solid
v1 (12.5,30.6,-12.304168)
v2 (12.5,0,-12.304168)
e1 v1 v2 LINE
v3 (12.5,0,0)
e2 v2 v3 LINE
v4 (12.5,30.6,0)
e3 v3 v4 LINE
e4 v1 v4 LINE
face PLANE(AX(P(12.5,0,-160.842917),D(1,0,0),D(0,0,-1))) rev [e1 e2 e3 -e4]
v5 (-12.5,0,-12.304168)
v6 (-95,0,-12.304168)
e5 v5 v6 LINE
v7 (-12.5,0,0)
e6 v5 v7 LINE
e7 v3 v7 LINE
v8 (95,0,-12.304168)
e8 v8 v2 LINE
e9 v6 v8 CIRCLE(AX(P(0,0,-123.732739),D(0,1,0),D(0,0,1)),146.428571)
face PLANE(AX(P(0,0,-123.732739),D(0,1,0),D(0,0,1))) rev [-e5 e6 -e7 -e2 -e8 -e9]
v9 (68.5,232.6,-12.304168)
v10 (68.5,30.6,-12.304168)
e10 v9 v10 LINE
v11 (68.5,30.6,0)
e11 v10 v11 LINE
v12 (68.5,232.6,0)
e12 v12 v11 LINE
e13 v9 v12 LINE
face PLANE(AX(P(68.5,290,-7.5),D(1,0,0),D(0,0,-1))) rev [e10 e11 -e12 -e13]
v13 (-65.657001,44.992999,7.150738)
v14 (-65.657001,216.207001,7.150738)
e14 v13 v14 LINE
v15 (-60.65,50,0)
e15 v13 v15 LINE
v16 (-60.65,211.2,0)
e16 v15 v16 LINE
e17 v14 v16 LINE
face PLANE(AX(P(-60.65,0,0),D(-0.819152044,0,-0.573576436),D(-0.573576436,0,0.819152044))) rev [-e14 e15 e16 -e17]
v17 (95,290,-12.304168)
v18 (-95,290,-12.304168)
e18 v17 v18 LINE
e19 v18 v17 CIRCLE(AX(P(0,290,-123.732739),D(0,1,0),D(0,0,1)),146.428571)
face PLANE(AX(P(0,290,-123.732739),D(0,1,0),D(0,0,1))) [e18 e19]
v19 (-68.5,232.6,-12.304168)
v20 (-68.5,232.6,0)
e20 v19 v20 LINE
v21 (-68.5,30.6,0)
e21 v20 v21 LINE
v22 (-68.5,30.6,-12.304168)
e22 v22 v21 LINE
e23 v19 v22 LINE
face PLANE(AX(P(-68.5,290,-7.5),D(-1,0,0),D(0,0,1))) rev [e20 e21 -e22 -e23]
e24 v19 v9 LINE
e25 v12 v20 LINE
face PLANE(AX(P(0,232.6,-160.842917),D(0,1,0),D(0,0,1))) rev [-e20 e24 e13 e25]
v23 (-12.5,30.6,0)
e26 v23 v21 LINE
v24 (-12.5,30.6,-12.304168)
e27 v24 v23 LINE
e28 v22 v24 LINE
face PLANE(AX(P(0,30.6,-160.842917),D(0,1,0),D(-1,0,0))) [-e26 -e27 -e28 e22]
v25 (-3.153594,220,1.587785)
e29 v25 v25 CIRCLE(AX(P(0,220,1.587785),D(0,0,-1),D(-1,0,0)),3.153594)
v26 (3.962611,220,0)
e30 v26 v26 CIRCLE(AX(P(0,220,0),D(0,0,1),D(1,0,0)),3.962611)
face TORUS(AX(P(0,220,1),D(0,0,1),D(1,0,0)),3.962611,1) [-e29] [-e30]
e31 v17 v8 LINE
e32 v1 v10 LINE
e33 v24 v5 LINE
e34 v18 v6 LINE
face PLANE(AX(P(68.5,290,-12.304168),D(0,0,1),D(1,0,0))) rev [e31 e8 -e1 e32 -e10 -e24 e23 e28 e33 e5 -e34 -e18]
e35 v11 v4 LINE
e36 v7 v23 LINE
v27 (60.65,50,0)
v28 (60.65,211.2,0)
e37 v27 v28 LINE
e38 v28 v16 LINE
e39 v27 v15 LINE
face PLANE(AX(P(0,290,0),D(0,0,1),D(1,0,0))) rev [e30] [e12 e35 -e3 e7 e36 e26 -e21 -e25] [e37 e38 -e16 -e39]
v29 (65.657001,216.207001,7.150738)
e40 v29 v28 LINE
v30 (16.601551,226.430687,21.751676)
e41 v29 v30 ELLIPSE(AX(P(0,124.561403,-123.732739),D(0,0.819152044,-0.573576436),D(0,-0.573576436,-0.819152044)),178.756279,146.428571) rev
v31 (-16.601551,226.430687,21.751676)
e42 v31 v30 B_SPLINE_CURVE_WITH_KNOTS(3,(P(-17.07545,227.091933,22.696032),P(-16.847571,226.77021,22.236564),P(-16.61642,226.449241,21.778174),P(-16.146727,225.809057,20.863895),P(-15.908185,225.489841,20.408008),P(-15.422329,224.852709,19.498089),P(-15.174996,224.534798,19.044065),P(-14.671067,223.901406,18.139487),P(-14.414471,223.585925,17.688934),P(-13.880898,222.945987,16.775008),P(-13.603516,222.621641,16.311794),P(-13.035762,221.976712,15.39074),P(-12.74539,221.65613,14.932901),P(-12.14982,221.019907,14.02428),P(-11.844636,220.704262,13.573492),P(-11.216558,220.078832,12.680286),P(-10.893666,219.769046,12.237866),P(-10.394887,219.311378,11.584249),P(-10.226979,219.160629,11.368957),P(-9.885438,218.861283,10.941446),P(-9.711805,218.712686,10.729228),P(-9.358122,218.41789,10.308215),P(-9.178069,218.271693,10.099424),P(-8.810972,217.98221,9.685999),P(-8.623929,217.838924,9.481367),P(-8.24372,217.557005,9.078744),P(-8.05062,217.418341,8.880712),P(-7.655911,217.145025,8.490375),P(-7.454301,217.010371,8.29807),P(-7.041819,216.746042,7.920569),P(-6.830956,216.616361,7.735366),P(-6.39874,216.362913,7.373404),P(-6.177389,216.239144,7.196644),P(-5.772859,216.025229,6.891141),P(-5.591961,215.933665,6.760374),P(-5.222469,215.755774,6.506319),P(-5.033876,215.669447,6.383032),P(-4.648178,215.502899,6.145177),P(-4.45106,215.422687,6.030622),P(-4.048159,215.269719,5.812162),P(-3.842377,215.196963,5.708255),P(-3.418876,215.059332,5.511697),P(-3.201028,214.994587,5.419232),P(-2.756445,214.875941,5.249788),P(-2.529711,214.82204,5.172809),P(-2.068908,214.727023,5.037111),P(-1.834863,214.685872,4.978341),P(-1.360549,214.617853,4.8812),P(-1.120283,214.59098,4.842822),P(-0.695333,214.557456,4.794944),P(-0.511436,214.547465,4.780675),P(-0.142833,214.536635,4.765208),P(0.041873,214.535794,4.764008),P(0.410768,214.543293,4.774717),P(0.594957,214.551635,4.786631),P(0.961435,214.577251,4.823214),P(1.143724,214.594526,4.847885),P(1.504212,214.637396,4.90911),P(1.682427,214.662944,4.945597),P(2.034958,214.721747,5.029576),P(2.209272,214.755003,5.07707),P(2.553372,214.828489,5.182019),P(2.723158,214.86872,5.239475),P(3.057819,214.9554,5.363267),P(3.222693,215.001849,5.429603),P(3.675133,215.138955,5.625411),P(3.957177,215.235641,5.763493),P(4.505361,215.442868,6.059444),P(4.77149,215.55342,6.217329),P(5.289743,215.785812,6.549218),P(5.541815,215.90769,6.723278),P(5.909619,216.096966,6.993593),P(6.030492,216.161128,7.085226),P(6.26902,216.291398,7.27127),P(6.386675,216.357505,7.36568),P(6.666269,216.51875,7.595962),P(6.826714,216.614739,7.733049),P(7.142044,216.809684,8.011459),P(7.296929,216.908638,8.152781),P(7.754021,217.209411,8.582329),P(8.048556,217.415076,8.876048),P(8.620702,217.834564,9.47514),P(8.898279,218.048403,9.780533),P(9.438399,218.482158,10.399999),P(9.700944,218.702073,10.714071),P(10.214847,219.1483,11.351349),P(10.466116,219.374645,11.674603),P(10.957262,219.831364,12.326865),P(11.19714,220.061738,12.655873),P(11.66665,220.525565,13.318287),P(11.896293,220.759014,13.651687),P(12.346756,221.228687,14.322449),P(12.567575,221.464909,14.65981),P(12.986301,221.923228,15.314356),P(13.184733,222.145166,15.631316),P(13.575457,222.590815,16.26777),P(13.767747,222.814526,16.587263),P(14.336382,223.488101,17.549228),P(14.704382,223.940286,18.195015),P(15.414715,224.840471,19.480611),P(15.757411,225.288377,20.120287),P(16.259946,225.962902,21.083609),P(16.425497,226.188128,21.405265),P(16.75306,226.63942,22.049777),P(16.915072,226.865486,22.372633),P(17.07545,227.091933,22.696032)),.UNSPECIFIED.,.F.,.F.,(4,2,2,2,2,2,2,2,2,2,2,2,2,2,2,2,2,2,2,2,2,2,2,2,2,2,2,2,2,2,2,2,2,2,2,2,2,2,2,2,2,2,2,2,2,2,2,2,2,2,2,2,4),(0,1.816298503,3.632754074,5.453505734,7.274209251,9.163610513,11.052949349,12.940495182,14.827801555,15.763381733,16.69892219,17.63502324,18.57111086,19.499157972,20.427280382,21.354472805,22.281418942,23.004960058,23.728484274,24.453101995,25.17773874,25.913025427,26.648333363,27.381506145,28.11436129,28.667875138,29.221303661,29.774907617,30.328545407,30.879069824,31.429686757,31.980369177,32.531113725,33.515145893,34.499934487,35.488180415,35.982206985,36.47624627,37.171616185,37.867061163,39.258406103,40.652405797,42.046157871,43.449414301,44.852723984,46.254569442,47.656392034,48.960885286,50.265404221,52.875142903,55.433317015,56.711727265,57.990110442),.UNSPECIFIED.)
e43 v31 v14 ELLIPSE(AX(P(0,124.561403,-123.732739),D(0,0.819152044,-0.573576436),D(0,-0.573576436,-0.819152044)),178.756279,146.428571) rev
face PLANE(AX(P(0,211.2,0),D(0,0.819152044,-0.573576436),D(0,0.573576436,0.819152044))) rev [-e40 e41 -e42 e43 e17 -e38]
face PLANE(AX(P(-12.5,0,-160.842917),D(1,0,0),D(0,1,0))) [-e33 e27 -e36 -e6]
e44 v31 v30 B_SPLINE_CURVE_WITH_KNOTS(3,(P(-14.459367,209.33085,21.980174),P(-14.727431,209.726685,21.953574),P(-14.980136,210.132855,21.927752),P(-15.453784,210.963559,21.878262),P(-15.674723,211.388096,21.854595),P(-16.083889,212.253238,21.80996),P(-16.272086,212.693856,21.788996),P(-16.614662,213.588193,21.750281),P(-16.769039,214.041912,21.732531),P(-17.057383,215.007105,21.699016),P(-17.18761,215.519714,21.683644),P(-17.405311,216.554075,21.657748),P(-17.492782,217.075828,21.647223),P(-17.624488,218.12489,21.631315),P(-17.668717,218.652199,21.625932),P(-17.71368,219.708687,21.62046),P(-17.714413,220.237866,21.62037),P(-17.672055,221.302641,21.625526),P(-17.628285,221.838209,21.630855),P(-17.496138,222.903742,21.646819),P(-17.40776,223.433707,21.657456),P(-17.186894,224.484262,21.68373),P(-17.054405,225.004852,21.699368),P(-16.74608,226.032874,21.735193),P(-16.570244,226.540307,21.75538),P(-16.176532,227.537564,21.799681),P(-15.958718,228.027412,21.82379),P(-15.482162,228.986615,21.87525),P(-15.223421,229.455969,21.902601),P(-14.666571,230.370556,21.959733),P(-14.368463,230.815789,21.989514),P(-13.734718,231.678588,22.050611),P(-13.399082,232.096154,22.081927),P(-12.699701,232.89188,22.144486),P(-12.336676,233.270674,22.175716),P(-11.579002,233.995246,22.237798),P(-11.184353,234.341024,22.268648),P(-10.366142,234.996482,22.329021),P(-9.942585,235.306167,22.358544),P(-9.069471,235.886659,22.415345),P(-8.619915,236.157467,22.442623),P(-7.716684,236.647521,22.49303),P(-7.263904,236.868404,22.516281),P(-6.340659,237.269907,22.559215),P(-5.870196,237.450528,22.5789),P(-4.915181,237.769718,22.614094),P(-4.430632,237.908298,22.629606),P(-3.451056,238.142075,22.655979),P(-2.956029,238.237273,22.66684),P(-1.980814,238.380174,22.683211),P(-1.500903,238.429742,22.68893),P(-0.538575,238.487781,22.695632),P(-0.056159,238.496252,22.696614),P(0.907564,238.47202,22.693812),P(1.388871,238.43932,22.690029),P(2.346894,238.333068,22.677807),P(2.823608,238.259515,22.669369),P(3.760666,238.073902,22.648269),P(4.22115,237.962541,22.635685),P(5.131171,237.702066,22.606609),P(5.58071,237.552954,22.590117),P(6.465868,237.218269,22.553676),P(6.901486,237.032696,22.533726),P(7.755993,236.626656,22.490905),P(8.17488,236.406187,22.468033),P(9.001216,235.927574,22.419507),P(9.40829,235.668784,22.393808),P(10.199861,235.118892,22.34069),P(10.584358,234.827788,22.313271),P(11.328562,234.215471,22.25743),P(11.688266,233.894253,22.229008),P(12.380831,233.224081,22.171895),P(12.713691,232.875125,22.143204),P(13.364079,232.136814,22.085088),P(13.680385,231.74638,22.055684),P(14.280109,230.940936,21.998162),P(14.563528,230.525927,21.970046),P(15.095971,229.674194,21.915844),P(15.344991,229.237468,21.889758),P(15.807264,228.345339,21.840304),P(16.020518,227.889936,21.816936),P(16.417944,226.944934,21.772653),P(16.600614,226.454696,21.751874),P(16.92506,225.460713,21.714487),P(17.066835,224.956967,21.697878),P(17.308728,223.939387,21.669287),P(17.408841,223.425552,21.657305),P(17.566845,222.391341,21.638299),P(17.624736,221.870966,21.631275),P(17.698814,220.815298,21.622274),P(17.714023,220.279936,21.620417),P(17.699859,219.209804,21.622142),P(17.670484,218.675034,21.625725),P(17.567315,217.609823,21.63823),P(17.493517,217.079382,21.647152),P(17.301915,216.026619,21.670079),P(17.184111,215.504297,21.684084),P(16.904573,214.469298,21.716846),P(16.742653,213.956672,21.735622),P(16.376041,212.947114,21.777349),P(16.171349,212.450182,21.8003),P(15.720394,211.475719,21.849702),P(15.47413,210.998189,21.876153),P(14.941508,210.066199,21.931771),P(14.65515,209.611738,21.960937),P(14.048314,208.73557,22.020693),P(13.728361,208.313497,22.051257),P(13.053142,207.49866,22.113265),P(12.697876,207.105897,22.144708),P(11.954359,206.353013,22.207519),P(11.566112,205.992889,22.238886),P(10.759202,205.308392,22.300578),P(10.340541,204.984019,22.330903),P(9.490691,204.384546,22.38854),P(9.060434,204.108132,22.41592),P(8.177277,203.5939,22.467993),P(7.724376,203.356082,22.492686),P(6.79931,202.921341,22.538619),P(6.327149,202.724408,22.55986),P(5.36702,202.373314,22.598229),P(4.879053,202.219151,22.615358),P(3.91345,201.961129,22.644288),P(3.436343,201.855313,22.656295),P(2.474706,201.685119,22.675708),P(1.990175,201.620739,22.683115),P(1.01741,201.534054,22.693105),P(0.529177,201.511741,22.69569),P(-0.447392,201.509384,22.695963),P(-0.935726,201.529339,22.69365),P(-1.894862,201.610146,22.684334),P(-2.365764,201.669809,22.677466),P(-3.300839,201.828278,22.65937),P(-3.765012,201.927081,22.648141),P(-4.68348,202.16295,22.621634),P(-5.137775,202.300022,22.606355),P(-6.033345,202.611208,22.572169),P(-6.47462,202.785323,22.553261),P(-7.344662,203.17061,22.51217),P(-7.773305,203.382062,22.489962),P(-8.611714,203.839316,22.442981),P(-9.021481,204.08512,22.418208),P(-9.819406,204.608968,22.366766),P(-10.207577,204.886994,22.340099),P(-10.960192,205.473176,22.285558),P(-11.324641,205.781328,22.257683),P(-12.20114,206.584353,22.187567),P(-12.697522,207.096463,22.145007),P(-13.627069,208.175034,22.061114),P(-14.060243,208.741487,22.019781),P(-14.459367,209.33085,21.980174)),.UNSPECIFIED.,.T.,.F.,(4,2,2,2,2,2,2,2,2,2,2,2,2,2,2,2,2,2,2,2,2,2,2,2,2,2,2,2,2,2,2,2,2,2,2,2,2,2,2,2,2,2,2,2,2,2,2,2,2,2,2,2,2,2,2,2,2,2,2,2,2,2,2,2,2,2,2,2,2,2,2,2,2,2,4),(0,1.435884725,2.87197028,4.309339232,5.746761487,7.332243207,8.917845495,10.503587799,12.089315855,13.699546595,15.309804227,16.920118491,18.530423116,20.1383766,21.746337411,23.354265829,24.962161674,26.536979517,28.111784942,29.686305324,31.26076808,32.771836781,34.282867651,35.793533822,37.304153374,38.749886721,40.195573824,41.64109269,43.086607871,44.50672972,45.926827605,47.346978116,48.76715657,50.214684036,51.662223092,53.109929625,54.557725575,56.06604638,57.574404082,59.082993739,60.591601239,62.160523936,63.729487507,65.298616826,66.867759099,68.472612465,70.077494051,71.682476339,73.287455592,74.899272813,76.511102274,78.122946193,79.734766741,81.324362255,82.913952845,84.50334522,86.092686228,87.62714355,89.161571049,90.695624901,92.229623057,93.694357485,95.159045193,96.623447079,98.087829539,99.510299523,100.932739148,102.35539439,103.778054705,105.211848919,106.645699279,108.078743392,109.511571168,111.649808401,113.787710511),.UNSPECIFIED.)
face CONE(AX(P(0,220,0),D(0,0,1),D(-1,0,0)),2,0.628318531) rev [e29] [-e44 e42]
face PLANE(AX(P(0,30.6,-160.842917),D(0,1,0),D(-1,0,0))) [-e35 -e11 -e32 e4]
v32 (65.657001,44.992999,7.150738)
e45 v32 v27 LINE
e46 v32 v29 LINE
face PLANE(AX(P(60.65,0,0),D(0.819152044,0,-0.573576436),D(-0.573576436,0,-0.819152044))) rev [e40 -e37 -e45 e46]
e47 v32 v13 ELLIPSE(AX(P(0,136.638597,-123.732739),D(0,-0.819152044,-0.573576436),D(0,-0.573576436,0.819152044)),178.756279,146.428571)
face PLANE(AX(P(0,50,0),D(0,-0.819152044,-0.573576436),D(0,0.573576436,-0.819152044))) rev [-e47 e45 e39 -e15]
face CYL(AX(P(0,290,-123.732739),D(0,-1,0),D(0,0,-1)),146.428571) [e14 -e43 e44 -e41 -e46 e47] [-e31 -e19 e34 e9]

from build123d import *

# Parameters (mm, degrees)
BOSS_EXTRUDE1_DEPTH = 290
SKETCH3_W           = 137
SKETCH3_H           = 57.4
SKETCH3_W_2         = 56
SKETCH3_H_2         = 30.6
BOSS_EXTRUDE2_DEPTH = 12.30416804
SKETCH3_3_W         = 121.3
SKETCH3_3_H         = 161.2
CUT_EXTRUDE1_DEPTH  = 307.006700561
CUT_EXTRUDE1_TAPER  = -35
SKETCH3_5_R         = 2
CUT_EXTRUDE2_DEPTH  = 307.006700694
CUT_EXTRUDE2_DRAFT  = 36
FILLET2_R           = 1


with BuildPart() as part:
    # Sketch1 → Boss-Extrude1 (new body)
    with BuildSketch(Plane(origin=(0, 0, 0), x_dir=(1, 0, 0), z_dir=(0, 1, 0))):
        with BuildLine():
            Line((0, 0), (-68.5, 0))
            Line((-68.5, 0), (-68.5, 7.5))
            Line((-68.5, 7.5), (-68.5, 12.30416804))
            Line((-68.5, 12.30416804), (-95, 12.30416804))
            ThreePointArc((-95, 12.30416804), (0, -22.69583196), (95, 12.30416804))
            Line((95, 12.30416804), (68.5, 12.30416804))
            Line((68.5, 12.30416804), (68.5, 7.5))
            Line((68.5, 7.5), (68.5, 0))
            Line((68.5, 0), (0, 0))
        make_face()
    extrude(amount=BOSS_EXTRUDE1_DEPTH)

    # Sketch3 → Boss-Extrude2 (add)
    with BuildSketch(Plane(origin=(0, 0, 0), x_dir=(-1, 0, 0), z_dir=(0, 0, -1))):
        with Locations((0, 261.3)):
            Rectangle(SKETCH3_W, SKETCH3_H)
        with Locations((-40.5, 15.3)):
            Rectangle(SKETCH3_W_2, SKETCH3_H_2)
        with Locations((40.5, 15.3)):
            Rectangle(SKETCH3_W_2, SKETCH3_H_2)
    extrude(amount=BOSS_EXTRUDE2_DEPTH)

    # Sketch3<3> → Cut-Extrude1 (cut, through all)
    with BuildSketch(Plane(origin=(0, 0, 0), x_dir=(-1, 0, 0), z_dir=(0, 0, -1))):
        with Locations((0, 130.6)):
            Rectangle(SKETCH3_3_W, SKETCH3_3_H)
    extrude(amount=-CUT_EXTRUDE1_DEPTH, taper=CUT_EXTRUDE1_TAPER, mode=Mode.SUBTRACT)


with BuildPart() as cut_extrude2_tool:
    # Sketch3<5> → Cut-Extrude2 (with draft: the straight prism first)
    with BuildSketch(Plane(origin=(0, 0, 0), x_dir=(-1, 0, 0), z_dir=(0, 0, -1))):
        with Locations((0, 220)):
            Circle(SKETCH3_5_R)
    extrude(amount=-CUT_EXTRUDE2_DEPTH)
    # Cut-Extrude2: the draft: its side faces are tilted about the plane it starts from
    cut_extrude2_sides = [cut_extrude2_tool.faces().sort_by_distance(p)[0] for p in [
        (2, 220, 153.503350347),
    ]]
    draft(cut_extrude2_sides, Plane(origin=(0, 0, 0), x_dir=(-1, 0, 0), z_dir=(0, 0, -1)), CUT_EXTRUDE2_DRAFT)


with BuildPart() as part_1:
    add(part.part)

    # Cut-Extrude2: cut by cut_extrude2_tool
    add(cut_extrude2_tool.part, mode=Mode.SUBTRACT)

    # Fillet2
    fillet2_edges = [part_1.edges().sort_by_distance(p)[0] for p in [
        (2, 220, 0),
    ]]
    fillet(fillet2_edges, radius=FILLET2_R)


solid = part_1.part
